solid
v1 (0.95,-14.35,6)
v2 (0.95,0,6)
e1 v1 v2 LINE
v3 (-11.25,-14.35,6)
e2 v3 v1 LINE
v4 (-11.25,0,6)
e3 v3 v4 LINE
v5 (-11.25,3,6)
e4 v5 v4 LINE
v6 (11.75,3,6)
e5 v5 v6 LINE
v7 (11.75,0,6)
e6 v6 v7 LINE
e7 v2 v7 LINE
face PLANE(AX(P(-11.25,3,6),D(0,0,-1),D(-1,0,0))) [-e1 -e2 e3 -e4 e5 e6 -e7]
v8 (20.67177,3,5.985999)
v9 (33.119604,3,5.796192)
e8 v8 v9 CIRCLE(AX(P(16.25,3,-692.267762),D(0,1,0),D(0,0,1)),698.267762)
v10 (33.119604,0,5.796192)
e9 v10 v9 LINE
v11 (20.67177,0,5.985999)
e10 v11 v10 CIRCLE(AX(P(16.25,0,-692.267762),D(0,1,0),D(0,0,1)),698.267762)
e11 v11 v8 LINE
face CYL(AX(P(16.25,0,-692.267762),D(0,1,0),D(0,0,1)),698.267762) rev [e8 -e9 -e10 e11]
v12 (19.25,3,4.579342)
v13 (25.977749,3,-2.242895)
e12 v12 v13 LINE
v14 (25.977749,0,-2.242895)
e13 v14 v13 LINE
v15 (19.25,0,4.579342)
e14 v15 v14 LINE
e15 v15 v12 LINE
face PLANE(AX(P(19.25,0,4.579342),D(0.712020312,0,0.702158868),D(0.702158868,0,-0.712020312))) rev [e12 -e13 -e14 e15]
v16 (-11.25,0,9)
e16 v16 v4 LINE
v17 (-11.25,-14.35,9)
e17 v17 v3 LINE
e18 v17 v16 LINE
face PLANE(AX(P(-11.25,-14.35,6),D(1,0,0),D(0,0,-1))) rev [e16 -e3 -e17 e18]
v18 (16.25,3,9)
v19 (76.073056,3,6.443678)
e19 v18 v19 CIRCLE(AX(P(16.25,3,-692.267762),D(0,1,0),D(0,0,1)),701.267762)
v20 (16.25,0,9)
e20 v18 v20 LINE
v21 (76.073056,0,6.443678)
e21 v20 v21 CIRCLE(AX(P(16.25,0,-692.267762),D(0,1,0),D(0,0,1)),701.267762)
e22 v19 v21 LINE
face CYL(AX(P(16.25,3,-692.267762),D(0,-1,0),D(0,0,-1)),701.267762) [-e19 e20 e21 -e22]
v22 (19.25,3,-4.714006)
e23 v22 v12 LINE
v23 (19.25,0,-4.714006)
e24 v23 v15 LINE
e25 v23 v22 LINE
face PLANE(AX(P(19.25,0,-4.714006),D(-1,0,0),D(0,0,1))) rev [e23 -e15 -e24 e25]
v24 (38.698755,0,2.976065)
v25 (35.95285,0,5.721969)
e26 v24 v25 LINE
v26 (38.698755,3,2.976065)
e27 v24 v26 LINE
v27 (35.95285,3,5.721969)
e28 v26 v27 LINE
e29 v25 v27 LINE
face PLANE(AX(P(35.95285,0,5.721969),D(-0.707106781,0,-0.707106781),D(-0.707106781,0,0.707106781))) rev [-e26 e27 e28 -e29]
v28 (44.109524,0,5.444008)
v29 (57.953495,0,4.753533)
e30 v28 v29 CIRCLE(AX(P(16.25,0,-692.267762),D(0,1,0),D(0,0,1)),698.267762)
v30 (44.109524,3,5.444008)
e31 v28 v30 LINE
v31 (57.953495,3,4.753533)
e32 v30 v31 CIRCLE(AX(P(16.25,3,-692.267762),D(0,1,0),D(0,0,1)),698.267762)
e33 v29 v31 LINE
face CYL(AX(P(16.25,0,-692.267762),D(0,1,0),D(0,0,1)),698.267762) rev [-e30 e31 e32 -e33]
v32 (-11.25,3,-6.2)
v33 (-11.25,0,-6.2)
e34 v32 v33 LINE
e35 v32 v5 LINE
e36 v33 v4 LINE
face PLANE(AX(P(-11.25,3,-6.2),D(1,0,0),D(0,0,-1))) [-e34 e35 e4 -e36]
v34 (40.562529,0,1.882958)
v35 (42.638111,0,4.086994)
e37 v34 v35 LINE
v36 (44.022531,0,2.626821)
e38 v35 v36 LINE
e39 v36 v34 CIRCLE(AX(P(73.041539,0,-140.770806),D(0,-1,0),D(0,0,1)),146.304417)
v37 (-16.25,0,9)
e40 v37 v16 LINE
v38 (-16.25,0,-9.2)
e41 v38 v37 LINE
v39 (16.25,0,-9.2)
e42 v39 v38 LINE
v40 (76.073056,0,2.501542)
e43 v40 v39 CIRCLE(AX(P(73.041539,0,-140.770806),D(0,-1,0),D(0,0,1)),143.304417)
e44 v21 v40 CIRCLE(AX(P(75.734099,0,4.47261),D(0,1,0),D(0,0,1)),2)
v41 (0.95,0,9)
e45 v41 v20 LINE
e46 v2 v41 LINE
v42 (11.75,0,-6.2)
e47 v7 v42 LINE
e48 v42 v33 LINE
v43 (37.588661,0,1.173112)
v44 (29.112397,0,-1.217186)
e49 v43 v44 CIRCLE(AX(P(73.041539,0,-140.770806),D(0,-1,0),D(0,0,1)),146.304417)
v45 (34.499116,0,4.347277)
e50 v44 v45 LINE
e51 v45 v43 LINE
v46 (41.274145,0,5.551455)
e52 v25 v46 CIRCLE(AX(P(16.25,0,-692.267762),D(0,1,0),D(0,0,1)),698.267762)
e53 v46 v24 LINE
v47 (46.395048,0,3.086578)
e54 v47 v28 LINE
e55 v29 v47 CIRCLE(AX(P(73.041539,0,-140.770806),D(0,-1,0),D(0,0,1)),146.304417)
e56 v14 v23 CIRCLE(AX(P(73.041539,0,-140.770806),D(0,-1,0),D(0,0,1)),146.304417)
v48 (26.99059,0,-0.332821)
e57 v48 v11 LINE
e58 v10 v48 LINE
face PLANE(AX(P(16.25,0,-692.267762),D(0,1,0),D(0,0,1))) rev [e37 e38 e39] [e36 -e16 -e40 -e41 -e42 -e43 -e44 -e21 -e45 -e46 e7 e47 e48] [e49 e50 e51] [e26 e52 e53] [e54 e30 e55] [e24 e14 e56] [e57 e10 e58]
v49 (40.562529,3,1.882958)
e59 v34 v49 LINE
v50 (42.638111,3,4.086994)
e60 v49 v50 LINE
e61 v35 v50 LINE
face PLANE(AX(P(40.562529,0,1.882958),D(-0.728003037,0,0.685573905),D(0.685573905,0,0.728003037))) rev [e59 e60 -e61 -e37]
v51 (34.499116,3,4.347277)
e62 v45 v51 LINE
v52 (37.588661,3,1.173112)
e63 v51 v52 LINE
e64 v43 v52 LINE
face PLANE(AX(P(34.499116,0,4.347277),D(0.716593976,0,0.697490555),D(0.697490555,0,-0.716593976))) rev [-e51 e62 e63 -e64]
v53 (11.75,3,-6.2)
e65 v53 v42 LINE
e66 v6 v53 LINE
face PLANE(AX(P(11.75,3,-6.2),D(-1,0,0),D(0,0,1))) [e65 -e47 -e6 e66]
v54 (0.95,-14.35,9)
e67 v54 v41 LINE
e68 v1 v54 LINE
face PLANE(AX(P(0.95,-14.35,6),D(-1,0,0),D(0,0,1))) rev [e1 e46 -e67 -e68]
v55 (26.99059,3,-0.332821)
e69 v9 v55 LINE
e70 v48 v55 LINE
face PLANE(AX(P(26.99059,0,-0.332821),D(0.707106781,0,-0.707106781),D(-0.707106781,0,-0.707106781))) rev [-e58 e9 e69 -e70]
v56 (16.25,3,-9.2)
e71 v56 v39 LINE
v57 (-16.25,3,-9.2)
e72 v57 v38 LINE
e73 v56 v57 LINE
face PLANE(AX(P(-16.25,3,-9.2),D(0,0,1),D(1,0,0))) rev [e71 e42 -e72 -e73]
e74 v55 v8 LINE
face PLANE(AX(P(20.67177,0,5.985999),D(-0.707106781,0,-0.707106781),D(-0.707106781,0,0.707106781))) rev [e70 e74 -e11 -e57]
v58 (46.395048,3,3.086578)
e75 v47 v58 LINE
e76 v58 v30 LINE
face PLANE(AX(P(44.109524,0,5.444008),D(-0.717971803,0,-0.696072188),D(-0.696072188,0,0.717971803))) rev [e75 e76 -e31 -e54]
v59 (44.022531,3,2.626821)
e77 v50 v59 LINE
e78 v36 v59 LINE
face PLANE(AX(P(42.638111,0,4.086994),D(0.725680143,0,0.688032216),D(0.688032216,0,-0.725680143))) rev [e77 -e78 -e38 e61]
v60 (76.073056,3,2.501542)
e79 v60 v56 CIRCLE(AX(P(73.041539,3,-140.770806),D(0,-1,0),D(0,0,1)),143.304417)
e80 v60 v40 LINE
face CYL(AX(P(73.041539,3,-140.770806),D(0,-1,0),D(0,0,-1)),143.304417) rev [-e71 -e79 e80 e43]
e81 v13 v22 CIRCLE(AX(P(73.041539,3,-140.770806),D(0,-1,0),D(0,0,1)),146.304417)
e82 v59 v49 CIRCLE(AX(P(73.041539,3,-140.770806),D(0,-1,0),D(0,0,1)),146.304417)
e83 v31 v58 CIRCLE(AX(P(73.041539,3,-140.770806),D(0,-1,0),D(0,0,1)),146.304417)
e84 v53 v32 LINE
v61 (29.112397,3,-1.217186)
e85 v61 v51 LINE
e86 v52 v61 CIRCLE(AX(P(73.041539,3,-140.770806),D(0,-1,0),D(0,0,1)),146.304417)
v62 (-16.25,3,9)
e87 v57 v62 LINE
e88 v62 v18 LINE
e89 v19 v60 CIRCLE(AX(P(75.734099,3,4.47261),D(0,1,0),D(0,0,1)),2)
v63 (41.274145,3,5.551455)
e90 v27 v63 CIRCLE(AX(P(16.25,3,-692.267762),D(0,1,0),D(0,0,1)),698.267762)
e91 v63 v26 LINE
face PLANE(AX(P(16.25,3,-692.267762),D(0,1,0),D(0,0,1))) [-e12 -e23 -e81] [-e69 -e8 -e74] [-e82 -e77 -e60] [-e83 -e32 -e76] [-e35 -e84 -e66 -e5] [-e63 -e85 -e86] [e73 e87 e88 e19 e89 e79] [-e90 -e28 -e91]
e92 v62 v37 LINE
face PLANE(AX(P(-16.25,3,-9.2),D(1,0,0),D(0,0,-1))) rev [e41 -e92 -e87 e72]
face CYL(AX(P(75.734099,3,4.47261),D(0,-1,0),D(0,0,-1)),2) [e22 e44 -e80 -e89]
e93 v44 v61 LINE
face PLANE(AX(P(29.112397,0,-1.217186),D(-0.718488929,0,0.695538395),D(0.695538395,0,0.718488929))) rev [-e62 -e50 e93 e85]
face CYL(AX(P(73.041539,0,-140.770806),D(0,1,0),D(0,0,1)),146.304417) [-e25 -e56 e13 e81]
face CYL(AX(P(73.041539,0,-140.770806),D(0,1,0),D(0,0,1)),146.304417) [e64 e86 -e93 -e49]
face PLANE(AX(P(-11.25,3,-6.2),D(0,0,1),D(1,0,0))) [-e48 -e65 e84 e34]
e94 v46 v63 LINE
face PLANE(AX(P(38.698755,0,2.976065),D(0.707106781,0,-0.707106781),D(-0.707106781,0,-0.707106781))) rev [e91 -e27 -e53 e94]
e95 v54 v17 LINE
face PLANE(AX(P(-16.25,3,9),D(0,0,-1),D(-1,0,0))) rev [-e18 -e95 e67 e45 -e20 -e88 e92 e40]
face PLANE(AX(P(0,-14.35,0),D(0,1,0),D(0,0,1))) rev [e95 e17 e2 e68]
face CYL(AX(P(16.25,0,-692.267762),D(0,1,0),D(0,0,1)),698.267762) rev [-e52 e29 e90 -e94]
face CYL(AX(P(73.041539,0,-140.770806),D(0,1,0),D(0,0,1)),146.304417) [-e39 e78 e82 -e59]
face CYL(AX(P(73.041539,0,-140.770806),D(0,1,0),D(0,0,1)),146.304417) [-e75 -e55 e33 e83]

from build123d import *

# Parameters (mm, degrees)
SKETCH3_W           = 23
SKETCH3_H           = 12.2
BOSS_EXTRUDE1_DEPTH = 3
CUT_EXTRUDE1_DEPTH  = 79.334093387
SKETCH6_W           = 12.2
SKETCH6_H           = 3
BOSS_EXTRUDE2_DEPTH = 14.35


with BuildPart() as part:
    # Sketch3 → Boss-Extrude1 (new body)
    with BuildSketch(Plane(origin=(0, 0, 0), x_dir=(1, 0, 0), z_dir=(0, 1, 0))):
        with BuildLine():
            Line((-16.25, 9.2), (16.25, 9.2))
            ThreePointArc((16.25, 9.2), (45.532149663, 0.13158895), (76.073056463, -2.501542212))
            ThreePointArc((76.073056463, -2.501542212), (77.734099253, -4.472609946), (76.073056463, -6.443677679))
            ThreePointArc((76.073056463, -6.443677679), (46.188824578, -8.36062795), (16.25, -9))
            Line((16.25, -9), (-16.25, -9))
            Line((-16.25, -9), (-16.25, 9.2))
        make_face()
        with Locations((0.25, 0.1)):
            Rectangle(SKETCH3_W, SKETCH3_H, mode=Mode.SUBTRACT)
    extrude(amount=BOSS_EXTRUDE1_DEPTH)

    # Sketch5 → Cut-Extrude1 (cut, through all)
    with BuildSketch(Plane(origin=(0, 3, 0), x_dir=(1, 0, 0), z_dir=(0, 1, 0))):
        with BuildLine():
            Line((19.25, 4.714006378), (19.25, -4.579341889))
            Line((19.25, -4.579341889), (25.977749381, 2.242895118))
            ThreePointArc((25.977749381, 2.242895118), (22.598740451, 3.437246869), (19.25, 4.714006378))
        make_face()
        with BuildLine():
            Line((20.671769547, -5.985999467), (26.990590291, 0.332821278))
            Line((26.990590291, 0.332821278), (33.119603604, -5.796192035))
            ThreePointArc((33.119603604, -5.796192035), (26.896109589, -5.918837556), (20.671769547, -5.985999467))
        make_face()
        with BuildLine():
            Line((35.952850124, -5.721969404), (38.698754677, -2.976064852))
            Line((38.698754677, -2.976064852), (41.274144832, -5.551455007))
            ThreePointArc((41.274144832, -5.551455007), (38.613659992, -5.64178383), (35.952850124, -5.721969404))
        make_face()
        with BuildLine():
            Line((44.109524036, -5.444008267), (46.395047974, -3.086577857))
            ThreePointArc((46.395047974, -3.086577857), (52.157632807, -4.035426025), (57.95349503, -4.753533193))
            ThreePointArc((57.95349503, -4.753533193), (51.033222886, -5.133123327), (44.109524036, -5.444008267))
        make_face()
        with BuildLine():
            Line((29.11239722, 1.217185885), (34.499115549, -4.347276855))
            Line((34.499115549, -4.347276855), (37.58866149, -1.173111994))
            ThreePointArc((37.58866149, -1.173111994), (33.332539672, -0.041756487), (29.11239722, 1.217185885))
        make_face()
        with BuildLine():
            Line((40.562529295, -1.882957729), (42.638111064, -4.086994114))
            Line((42.638111064, -4.086994114), (44.022530764, -2.626821374))
            ThreePointArc((44.022530764, -2.626821374), (42.290280718, -2.265351983), (40.562529295, -1.882957729))
        make_face()
    extrude(amount=-CUT_EXTRUDE1_DEPTH, mode=Mode.SUBTRACT)

    # Sketch6 → Boss-Extrude2 (add)
    with BuildSketch(Plane.XZ):
        with Locations((-5.15, 7.5)):
            Rectangle(SKETCH6_W, SKETCH6_H)
    extrude(amount=BOSS_EXTRUDE2_DEPTH)


solid = part.part
